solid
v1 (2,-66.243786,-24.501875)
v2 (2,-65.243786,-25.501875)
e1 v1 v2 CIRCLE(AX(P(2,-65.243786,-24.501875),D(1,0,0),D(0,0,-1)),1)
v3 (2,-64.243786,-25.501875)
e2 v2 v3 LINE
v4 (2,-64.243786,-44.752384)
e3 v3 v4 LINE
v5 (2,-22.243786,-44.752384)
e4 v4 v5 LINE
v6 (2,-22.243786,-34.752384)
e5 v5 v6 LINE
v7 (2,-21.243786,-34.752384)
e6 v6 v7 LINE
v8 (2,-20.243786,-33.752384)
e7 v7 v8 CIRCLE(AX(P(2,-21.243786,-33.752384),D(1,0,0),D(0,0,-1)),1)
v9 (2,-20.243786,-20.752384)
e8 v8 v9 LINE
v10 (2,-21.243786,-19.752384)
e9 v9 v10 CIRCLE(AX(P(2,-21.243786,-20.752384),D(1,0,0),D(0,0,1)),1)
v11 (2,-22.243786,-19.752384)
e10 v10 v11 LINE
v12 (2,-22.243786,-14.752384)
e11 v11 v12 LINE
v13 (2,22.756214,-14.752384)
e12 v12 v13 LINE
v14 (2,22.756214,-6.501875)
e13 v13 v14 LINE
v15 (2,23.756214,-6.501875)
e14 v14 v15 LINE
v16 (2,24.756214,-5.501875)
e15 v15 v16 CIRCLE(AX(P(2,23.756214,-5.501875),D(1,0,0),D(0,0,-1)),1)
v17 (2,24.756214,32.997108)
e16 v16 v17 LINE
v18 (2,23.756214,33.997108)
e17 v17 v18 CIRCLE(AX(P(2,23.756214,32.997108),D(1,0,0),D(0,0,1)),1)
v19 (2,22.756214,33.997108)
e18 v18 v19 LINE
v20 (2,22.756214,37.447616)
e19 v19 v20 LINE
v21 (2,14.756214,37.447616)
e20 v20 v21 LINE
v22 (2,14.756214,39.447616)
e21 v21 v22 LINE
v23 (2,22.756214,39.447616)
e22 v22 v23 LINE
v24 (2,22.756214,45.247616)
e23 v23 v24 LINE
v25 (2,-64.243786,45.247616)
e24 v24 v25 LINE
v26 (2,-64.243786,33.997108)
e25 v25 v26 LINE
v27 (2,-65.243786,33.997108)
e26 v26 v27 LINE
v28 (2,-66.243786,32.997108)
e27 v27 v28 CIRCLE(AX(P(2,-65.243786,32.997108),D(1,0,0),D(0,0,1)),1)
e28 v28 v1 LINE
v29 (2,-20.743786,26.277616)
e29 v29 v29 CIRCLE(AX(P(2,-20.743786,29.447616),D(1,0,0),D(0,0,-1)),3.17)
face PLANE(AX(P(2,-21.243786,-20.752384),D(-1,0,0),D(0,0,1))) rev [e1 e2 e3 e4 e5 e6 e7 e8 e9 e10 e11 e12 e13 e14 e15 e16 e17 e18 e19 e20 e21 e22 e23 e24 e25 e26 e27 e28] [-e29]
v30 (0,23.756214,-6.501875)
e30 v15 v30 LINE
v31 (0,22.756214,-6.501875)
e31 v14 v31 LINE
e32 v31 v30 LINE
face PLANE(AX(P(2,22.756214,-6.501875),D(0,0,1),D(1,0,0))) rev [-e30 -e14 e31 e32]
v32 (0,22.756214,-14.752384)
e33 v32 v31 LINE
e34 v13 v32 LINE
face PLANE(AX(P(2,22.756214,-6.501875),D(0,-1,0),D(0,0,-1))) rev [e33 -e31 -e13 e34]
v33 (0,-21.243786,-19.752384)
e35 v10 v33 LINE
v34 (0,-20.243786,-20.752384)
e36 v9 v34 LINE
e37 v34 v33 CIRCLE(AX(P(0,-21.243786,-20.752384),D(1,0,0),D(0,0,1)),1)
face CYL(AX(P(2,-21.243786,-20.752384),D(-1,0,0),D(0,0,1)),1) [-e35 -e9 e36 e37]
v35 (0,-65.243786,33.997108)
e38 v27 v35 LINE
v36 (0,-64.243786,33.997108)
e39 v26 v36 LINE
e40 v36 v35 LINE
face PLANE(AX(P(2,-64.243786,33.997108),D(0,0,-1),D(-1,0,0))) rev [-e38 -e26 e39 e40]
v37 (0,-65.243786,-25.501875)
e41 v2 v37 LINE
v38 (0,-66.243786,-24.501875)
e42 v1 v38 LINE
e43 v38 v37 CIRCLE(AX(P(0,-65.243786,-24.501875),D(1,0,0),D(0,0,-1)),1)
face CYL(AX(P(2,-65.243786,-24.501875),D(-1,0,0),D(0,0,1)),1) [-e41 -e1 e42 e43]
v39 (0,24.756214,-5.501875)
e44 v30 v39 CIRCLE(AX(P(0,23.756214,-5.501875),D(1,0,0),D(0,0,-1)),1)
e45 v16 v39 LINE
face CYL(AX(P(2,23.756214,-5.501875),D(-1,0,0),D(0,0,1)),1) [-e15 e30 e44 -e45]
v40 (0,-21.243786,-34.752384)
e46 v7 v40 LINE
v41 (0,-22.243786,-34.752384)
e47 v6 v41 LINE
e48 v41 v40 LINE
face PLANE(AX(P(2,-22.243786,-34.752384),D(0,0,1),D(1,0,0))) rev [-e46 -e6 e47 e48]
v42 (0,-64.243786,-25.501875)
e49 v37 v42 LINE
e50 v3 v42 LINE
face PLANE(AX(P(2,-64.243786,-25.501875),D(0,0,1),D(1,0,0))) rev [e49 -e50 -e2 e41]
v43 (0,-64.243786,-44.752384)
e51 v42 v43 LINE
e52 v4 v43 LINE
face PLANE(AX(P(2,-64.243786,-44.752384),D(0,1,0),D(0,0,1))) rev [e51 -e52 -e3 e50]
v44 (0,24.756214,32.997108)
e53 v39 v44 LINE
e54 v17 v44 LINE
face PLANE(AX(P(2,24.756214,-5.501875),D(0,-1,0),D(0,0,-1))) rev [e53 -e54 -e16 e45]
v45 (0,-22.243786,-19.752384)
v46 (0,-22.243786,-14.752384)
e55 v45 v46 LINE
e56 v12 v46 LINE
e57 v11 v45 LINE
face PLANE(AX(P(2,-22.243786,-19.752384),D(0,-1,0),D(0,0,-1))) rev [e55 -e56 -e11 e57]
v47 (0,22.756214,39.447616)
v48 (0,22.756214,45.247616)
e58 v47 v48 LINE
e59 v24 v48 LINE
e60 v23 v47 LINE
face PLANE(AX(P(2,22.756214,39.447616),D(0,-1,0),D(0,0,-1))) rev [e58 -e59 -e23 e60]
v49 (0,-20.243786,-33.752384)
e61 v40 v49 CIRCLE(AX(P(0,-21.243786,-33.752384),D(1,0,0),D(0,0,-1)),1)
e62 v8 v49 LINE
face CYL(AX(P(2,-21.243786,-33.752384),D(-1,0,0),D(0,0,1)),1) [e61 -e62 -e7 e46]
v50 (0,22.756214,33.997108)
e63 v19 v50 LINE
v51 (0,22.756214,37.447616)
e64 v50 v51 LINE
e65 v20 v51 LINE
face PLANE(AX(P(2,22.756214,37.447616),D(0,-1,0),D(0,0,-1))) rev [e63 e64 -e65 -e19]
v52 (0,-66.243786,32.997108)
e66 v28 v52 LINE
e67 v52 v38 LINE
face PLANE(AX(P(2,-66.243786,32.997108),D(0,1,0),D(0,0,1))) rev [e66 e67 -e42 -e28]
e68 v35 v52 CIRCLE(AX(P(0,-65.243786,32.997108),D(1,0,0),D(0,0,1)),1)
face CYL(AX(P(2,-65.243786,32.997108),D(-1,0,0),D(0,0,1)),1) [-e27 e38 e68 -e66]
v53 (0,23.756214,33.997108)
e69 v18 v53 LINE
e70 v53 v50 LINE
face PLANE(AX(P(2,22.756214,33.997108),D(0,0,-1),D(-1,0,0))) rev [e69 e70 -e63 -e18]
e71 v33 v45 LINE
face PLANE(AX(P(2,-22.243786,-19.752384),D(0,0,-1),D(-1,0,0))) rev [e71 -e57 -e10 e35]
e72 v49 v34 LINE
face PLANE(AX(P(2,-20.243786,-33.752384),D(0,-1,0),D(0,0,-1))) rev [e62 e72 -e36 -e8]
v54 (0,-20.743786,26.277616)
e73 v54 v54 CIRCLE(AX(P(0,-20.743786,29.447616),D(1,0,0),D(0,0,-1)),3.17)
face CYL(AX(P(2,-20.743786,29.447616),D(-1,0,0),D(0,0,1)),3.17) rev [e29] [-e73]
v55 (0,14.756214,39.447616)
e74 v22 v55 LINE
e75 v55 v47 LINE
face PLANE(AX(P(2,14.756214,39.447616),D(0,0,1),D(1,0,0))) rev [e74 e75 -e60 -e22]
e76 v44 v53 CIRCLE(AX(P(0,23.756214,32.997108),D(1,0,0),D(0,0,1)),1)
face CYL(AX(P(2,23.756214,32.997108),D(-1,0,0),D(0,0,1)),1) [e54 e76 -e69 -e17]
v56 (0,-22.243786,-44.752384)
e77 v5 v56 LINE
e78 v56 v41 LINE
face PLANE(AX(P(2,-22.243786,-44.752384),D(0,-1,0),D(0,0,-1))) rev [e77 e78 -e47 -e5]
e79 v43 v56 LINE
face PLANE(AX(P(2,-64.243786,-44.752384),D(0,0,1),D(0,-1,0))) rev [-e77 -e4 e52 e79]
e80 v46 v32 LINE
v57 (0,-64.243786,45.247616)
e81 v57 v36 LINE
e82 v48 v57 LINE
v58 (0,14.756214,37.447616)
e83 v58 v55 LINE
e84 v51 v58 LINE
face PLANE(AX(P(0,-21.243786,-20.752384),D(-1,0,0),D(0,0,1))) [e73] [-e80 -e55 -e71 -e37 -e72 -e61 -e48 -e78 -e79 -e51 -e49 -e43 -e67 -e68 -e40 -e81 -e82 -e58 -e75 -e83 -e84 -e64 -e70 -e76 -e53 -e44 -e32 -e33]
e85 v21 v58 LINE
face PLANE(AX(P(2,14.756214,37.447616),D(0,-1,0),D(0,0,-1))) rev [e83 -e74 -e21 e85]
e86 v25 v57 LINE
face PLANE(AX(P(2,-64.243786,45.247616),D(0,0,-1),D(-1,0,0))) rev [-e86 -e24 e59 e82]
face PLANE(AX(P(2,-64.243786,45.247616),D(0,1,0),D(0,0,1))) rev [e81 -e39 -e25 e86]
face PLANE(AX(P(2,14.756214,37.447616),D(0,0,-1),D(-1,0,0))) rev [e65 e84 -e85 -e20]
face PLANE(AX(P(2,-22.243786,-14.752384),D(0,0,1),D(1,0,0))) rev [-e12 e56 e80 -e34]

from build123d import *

# Parameters (mm, degrees)
SKETCH2_R           = 3.17
BOSS_EXTRUDE1_DEPTH = 2


with BuildPart() as part:
    # Sketch2 → Boss-Extrude1 (new body)
    with BuildSketch(Plane(origin=(0, 0, 0), x_dir=(0, 0, -1), z_dir=(1, 0, 0))):
        with BuildLine():
            Line((44.752383591, -64.243785516), (44.752383591, -22.243785516))
            Line((44.752383591, -22.243785516), (34.752383591, -22.243785516))
            Line((34.752383591, -22.243785516), (34.752383591, -21.243785516))
            ThreePointArc((34.752383591, -21.243785516), (34.459490372, -20.536678734), (33.752383591, -20.243785516))
            Line((33.752383591, -20.243785516), (20.752383591, -20.243785516))
            ThreePointArc((20.752383591, -20.243785516), (20.045276809, -20.536678734), (19.752383591, -21.243785516))
            Line((19.752383591, -21.243785516), (19.752383591, -22.243785516))
            Line((19.752383591, -22.243785516), (14.752383591, -22.243785516))
            Line((14.752383591, -22.243785516), (14.752383591, 22.756214484))
            Line((14.752383591, 22.756214484), (6.501874719, 22.756214484))
            Line((6.501874719, 22.756214484), (6.501874719, 23.756214484))
            ThreePointArc((6.501874719, 23.756214484), (6.2089815, 24.463321266), (5.501874719, 24.756214484))
            Line((5.501874719, 24.756214484), (-32.997107538, 24.756214484))
            ThreePointArc((-32.997107538, 24.756214484), (-33.704214319, 24.463321266), (-33.997107538, 23.756214484))
            Line((-33.997107538, 23.756214484), (-33.997107538, 22.756214484))
            Line((-33.997107538, 22.756214484), (-37.447616409, 22.756214484))
            Line((-37.447616409, 22.756214484), (-37.447616409, 14.756214484))
            Line((-37.447616409, 14.756214484), (-39.447616409, 14.756214484))
            Line((-39.447616409, 14.756214484), (-39.447616409, 22.756214484))
            Line((-39.447616409, 22.756214484), (-45.247616409, 22.756214484))
            Line((-45.247616409, 22.756214484), (-45.247616409, -64.243785516))
            Line((-45.247616409, -64.243785516), (-33.997107538, -64.243785516))
            Line((-33.997107538, -64.243785516), (-33.997107538, -65.243785516))
            ThreePointArc((-33.997107538, -65.243785516), (-33.704214319, -65.950892297), (-32.997107538, -66.243785516))
            Line((-32.997107538, -66.243785516), (24.501874719, -66.243785516))
            ThreePointArc((24.501874719, -66.243785516), (25.2089815, -65.950892297), (25.501874719, -65.243785516))
            Line((25.501874719, -65.243785516), (25.501874719, -64.243785516))
            Line((25.501874719, -64.243785516), (44.752383591, -64.243785516))
        make_face()
        with Locations((-29.447616409, -20.743785516)):
            Circle(SKETCH2_R, mode=Mode.SUBTRACT)
    extrude(amount=BOSS_EXTRUDE1_DEPTH)


solid = part.part
